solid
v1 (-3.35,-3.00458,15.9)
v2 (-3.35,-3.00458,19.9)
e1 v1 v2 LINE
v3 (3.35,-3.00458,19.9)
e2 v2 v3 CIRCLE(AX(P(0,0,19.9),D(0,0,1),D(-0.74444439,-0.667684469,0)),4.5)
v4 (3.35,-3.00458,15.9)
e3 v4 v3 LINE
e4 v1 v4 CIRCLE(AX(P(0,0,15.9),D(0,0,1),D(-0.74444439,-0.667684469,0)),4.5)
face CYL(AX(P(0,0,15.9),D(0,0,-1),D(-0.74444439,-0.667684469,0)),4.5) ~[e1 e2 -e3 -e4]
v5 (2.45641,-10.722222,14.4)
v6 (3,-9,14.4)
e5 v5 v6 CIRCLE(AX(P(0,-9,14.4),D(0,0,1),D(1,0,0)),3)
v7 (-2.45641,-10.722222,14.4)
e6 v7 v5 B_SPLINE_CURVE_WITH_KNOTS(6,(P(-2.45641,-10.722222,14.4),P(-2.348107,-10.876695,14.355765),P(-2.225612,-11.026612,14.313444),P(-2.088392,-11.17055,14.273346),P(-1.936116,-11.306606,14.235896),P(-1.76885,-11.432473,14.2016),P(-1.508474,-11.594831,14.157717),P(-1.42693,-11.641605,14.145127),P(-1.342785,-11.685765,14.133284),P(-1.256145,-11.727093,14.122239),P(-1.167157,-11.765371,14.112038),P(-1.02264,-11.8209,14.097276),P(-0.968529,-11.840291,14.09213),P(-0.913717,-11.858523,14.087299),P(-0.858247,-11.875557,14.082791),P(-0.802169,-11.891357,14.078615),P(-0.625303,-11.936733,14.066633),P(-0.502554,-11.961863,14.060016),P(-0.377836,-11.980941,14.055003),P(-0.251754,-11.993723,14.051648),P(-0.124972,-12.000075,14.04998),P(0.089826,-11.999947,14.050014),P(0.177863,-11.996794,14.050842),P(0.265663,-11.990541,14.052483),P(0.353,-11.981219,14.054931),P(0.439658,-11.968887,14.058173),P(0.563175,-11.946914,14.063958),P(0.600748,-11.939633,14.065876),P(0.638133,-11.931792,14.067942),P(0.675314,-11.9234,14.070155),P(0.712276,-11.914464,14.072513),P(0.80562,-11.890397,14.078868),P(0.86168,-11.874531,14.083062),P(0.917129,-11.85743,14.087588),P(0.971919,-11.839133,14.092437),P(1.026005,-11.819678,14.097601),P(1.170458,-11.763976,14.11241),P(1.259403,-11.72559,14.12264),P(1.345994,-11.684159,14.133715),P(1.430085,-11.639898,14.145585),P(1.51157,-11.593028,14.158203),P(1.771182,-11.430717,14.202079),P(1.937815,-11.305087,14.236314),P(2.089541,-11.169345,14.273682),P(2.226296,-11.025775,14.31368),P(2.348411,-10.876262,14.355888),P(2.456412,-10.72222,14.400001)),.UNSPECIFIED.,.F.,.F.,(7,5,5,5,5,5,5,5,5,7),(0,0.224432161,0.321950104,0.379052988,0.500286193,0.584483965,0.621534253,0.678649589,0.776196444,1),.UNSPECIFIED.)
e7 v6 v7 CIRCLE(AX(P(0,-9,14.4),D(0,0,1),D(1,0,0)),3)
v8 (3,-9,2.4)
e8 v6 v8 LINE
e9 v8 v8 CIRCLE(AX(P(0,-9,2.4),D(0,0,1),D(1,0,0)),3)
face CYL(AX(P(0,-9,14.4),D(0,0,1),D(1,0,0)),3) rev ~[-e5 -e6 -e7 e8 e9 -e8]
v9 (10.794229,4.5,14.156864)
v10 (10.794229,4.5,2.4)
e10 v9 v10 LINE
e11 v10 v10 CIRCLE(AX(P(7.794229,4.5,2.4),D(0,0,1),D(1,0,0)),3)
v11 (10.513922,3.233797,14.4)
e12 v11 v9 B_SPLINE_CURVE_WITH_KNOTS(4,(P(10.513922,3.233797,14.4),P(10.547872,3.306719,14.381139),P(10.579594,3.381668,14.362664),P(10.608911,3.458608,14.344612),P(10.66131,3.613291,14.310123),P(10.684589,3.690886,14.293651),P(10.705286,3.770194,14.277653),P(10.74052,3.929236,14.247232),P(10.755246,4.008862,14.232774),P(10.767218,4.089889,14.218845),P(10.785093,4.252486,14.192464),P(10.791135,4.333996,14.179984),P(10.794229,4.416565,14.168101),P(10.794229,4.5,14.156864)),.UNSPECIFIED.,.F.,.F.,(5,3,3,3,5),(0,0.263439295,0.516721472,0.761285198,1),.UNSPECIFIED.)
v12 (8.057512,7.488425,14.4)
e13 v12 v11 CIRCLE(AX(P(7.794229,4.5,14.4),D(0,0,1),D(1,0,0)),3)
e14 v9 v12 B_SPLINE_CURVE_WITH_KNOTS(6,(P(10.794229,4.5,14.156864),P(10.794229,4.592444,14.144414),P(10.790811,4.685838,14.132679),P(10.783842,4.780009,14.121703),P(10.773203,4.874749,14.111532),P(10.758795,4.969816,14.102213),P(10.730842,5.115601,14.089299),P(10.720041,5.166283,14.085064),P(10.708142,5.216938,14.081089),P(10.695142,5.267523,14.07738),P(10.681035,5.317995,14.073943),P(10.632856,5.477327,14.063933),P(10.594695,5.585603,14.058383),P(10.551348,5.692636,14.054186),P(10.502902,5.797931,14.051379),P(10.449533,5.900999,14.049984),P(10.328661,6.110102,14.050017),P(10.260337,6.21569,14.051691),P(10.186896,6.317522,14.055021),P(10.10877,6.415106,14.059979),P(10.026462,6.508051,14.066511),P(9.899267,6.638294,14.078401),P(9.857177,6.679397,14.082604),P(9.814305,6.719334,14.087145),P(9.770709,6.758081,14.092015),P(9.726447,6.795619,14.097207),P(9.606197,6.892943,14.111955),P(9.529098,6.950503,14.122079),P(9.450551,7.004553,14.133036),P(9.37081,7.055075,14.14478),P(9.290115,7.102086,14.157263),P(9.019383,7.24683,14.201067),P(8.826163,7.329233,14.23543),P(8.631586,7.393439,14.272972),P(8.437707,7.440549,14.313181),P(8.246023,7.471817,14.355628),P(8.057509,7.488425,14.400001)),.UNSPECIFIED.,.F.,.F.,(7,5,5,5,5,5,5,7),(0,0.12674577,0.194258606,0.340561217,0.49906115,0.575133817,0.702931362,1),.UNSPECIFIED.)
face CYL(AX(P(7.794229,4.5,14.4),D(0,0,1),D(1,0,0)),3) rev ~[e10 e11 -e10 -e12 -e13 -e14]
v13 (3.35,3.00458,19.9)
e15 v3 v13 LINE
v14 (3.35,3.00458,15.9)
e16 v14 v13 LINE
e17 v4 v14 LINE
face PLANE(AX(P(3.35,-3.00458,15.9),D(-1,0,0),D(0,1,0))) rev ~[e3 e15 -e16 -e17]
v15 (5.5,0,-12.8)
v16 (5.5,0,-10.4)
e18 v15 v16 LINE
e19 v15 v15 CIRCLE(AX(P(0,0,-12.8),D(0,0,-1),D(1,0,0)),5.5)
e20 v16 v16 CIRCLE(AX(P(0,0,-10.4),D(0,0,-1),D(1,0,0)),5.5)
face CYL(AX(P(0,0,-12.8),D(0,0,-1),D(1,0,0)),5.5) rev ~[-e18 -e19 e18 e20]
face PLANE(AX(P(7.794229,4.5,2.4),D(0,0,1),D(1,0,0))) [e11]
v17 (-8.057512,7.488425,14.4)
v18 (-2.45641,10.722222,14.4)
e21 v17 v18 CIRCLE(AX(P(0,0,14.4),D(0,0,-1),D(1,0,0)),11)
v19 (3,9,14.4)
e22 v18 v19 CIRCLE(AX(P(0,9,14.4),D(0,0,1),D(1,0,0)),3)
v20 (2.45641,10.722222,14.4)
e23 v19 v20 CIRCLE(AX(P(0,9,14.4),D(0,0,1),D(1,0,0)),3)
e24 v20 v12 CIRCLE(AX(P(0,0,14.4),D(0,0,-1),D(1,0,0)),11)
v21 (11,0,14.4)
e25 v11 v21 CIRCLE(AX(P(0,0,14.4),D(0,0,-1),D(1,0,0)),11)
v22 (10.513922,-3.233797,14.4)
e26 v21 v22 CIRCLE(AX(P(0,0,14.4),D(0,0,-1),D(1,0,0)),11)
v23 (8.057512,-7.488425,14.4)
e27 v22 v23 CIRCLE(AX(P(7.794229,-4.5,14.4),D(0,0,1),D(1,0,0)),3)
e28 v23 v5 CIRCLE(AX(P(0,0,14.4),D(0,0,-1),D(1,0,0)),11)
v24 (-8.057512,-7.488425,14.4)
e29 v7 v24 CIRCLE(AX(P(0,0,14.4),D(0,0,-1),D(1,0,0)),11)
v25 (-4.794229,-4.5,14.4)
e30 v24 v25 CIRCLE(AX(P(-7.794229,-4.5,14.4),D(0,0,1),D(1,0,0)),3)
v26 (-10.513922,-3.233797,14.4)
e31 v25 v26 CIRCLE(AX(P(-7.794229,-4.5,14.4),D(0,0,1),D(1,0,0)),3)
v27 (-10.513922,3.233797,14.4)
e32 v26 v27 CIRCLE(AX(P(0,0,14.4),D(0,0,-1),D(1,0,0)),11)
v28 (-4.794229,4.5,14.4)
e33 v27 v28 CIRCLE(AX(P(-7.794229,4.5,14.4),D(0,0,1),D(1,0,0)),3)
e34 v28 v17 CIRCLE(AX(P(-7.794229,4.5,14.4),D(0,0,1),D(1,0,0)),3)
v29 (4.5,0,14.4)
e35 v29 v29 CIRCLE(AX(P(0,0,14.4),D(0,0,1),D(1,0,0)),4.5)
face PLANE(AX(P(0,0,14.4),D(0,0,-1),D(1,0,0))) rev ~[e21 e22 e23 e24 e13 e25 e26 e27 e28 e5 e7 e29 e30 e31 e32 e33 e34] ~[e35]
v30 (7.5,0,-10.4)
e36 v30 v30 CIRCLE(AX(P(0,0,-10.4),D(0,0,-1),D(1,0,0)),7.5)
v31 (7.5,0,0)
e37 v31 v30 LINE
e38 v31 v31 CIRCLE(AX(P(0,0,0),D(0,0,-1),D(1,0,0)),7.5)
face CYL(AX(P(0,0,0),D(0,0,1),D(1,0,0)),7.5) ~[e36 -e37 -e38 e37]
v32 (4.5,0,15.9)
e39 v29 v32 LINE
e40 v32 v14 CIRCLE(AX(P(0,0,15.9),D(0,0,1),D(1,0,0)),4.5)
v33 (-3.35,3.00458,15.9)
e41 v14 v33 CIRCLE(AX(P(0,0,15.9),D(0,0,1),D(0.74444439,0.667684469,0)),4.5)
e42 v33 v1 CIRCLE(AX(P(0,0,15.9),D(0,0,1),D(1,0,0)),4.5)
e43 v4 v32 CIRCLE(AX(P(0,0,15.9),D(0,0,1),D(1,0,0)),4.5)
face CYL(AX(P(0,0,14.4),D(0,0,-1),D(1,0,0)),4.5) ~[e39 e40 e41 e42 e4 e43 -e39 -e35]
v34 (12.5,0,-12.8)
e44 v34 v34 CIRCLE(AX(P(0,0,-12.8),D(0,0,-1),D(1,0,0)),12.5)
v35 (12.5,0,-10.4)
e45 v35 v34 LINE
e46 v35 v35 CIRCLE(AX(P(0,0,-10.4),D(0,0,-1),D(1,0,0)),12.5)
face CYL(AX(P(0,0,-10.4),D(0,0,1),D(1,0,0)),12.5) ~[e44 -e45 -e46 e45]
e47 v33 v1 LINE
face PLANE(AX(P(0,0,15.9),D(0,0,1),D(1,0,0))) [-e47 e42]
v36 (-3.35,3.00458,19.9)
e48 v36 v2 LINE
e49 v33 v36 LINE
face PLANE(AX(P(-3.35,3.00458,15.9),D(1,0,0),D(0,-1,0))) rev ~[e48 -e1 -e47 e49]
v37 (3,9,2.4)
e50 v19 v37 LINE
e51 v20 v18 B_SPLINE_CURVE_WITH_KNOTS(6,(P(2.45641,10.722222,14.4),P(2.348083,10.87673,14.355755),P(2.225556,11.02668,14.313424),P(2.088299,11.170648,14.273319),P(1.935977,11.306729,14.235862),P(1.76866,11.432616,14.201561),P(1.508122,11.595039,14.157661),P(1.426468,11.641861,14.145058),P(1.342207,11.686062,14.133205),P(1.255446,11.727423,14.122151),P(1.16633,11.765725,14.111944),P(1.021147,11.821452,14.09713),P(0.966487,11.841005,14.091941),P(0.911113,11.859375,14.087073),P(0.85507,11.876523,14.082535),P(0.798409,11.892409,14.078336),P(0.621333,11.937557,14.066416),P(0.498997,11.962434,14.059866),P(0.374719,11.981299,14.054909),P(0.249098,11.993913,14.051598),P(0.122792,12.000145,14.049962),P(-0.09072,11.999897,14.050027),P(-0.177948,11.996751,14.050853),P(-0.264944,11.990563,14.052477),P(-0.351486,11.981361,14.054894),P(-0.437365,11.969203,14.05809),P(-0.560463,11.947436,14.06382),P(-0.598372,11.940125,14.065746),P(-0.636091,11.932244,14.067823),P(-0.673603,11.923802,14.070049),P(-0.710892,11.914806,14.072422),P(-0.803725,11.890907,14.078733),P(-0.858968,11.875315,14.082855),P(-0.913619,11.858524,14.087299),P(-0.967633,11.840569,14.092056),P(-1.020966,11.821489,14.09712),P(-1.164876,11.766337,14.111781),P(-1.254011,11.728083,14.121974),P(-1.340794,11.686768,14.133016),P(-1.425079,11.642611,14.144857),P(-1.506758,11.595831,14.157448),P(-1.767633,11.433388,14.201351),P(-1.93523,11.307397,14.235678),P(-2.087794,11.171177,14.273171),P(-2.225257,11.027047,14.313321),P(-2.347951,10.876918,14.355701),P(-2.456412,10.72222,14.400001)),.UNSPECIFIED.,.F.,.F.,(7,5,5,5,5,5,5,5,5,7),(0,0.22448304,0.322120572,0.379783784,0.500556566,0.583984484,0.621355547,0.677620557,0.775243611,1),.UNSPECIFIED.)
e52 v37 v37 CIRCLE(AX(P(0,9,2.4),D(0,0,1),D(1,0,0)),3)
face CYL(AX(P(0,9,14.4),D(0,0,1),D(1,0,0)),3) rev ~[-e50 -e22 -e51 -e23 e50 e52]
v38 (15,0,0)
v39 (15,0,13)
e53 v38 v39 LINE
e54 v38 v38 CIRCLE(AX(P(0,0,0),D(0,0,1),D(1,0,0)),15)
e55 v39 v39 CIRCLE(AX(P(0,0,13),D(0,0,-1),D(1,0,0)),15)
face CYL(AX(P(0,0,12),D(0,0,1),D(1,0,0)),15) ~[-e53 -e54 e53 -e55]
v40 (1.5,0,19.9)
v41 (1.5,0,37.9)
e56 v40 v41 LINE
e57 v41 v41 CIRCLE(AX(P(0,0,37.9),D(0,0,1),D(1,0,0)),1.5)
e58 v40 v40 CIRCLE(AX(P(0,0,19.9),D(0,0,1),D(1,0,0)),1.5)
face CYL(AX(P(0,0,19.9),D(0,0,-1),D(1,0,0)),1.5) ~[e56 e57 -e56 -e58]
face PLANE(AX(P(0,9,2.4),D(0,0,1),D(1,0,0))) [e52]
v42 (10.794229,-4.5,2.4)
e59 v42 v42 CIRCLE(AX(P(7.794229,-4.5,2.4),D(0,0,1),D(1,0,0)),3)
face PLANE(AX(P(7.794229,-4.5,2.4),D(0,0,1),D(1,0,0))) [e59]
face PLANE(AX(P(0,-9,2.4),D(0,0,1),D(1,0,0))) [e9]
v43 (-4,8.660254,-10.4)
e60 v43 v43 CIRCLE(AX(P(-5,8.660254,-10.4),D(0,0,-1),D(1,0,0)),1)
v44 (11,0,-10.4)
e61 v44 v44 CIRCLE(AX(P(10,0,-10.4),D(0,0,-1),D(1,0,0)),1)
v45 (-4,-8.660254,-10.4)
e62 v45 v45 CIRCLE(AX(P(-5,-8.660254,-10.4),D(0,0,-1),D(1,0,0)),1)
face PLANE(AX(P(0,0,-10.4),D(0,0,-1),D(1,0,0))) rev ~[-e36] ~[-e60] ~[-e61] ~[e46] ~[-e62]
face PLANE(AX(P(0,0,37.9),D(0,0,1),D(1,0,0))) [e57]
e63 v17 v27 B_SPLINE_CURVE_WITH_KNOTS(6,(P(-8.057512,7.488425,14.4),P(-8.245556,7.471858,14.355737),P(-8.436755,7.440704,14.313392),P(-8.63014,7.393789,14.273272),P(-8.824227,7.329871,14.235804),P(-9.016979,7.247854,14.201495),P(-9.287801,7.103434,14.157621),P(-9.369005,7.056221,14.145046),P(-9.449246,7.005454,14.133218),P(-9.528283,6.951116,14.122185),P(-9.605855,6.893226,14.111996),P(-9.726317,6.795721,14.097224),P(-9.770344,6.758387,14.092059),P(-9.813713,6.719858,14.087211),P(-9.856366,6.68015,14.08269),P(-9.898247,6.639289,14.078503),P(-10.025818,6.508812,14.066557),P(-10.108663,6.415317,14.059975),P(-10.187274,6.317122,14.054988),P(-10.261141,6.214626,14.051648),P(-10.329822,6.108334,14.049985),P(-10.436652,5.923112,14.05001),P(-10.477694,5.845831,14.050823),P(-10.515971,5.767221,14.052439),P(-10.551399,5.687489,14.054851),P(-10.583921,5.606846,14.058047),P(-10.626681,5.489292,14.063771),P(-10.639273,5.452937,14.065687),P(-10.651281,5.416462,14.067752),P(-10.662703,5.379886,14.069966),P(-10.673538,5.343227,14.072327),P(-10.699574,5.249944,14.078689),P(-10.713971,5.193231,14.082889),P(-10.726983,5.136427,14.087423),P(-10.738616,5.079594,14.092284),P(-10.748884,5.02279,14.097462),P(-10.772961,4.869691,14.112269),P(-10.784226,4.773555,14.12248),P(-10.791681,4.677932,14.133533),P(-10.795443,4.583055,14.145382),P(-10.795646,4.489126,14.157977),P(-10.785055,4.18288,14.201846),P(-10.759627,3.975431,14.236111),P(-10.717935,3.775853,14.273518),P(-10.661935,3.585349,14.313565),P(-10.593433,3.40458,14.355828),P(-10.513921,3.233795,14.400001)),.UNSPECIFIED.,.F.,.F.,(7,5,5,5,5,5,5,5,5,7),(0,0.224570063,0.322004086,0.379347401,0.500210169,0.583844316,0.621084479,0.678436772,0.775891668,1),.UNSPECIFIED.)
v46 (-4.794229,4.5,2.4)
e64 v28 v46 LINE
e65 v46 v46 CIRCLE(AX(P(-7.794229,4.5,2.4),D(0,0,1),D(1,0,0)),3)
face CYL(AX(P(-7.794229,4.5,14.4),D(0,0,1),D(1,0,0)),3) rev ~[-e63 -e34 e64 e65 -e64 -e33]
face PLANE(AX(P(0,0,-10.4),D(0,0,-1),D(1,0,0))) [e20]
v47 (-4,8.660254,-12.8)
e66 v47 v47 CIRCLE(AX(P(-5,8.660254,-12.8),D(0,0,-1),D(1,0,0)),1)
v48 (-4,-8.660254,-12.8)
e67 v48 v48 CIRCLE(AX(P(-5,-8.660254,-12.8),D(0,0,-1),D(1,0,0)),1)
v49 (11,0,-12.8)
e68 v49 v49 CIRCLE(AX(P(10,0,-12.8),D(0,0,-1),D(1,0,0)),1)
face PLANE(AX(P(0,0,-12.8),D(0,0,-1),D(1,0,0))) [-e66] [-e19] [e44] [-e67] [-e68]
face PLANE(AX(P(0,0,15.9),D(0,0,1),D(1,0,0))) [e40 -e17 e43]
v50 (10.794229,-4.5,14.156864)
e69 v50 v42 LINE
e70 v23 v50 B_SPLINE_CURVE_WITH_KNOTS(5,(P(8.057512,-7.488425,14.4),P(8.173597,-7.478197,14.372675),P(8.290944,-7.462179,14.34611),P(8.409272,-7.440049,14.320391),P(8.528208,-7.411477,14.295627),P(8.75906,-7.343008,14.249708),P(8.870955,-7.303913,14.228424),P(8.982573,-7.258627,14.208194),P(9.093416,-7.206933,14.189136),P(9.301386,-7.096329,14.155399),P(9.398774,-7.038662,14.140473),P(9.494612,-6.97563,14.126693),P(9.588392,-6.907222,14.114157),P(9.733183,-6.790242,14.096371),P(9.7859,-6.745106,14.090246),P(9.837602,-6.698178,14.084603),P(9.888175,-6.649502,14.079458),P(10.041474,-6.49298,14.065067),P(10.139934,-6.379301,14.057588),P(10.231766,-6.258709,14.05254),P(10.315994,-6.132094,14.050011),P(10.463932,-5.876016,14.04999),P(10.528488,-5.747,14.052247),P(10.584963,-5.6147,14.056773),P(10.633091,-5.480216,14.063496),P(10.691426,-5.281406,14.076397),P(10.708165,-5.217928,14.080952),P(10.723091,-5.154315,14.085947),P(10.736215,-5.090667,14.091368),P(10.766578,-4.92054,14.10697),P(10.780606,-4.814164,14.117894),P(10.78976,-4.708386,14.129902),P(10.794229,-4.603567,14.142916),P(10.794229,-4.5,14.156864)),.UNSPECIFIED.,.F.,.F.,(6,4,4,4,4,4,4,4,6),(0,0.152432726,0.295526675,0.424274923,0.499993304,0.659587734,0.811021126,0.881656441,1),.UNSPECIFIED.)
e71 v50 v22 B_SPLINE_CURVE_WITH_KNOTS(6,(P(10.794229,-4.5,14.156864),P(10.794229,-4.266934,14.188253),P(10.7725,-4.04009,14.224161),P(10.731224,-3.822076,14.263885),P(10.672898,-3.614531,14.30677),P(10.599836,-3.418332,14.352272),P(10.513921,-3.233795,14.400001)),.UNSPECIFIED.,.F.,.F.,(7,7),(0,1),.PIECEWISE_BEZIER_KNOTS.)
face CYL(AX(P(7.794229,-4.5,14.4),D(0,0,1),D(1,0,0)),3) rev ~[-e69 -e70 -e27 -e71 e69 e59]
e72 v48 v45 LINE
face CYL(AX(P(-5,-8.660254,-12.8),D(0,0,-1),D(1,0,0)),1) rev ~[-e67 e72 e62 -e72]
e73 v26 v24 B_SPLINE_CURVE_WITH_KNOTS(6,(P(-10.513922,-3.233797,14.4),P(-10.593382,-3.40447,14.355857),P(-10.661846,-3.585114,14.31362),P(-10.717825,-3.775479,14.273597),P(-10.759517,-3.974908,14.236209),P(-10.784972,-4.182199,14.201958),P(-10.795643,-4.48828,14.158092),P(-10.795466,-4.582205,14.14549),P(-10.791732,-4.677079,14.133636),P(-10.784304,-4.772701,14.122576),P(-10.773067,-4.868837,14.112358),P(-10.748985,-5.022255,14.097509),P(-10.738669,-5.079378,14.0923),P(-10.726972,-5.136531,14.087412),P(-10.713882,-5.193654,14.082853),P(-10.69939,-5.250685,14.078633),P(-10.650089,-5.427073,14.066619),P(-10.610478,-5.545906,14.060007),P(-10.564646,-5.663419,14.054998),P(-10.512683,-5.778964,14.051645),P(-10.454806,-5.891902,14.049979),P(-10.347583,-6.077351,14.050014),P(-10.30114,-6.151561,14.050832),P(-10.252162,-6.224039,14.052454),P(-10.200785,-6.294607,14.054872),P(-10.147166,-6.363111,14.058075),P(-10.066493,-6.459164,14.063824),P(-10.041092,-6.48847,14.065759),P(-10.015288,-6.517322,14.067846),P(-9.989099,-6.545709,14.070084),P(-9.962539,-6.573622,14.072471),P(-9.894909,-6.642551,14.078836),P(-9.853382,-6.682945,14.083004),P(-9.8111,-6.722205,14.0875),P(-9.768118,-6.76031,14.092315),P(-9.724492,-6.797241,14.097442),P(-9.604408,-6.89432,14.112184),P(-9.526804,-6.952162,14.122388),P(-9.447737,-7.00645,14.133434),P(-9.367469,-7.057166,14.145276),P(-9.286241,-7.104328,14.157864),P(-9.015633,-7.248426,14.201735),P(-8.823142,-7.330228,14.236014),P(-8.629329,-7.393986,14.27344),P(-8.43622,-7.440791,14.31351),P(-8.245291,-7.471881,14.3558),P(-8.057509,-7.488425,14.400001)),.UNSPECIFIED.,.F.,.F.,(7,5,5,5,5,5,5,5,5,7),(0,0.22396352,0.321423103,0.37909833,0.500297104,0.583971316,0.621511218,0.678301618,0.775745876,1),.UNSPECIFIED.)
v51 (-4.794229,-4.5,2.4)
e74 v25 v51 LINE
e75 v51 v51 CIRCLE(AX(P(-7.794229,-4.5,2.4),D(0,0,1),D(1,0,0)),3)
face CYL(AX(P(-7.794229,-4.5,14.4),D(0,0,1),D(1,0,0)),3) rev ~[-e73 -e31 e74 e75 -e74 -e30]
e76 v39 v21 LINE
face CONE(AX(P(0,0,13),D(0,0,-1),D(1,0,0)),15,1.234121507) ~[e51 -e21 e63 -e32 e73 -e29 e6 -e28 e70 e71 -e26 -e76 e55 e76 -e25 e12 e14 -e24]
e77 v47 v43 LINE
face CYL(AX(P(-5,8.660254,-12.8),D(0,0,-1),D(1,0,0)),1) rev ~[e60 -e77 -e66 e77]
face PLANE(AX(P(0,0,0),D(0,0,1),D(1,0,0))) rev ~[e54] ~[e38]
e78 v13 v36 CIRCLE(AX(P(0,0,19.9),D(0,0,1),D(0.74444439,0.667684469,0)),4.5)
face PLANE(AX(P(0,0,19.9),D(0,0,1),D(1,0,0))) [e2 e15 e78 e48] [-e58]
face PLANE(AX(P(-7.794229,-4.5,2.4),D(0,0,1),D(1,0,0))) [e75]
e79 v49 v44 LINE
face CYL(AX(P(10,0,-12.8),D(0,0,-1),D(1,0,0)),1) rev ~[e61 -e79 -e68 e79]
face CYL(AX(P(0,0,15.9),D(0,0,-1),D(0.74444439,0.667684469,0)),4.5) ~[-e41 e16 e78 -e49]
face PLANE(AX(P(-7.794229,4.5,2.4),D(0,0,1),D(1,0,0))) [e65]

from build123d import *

# Parameters (mm, degrees)
F0_R      = 15
F1_DEPTH  = 12
F4_R      = 3
F5_DEPTH  = 12
F6_R      = 4.5
F7_DEPTH  = 1.5
F9_DEPTH  = 4
F10_R     = 1.5
F11_DEPTH = 18
F12_R     = 7.5
F13_DEPTH = 10.4
F14_R     = 12.5
F15_DEPTH = 2.4
F16_R     = 5.5
F16_R_2   = 1
F17_DEPTH = 2.4


with BuildPart() as f1:
    # F0 (on Top) → F1 (new body)
    with BuildSketch(Plane.XY):
        Circle(F0_R)
    extrude(amount=F1_DEPTH)

    # F2 (on Front) → F3 (revolve)
    with BuildSketch(Plane.XZ):
        Polygon((11, 14.4), (0, 14.4), (0, 12), (15, 12), (15, 13), align=None)
    revolve(axis=Axis((0, 0, 13.2), (0, 0, -1)))

    # F4 (on face) → F5 (cut)
    with BuildSketch(Plane.XY.offset(14.4)):
        with Locations((0, 9)):
            Circle(F4_R)
        with Locations((-7.794229, 4.5)):
            Circle(F4_R)
        with Locations((-7.794229, -4.5)):
            Circle(F4_R)
        with Locations((0, -9)):
            Circle(F4_R)
        with Locations((7.794229, -4.5)):
            Circle(F4_R)
        with Locations((7.794229, 4.5)):
            Circle(F4_R)
    extrude(amount=-F5_DEPTH, mode=Mode.SUBTRACT)

    # F6 (on face) → F7 (join)
    with BuildSketch(Plane.XY.offset(14.4)):
        Circle(F6_R)
    extrude(amount=F7_DEPTH)

    # F8 (on face) → F9 (join)
    with BuildSketch(Plane.XY.offset(15.9)):
        with BuildLine():
            Line((3.35, -3.00458), (3.35, 3.00458))
            ThreePointArc((3.35, 3.00458), (0, 4.5), (-3.35, 3.00458))
            Line((-3.35, 3.00458), (-3.35, -3.00458))
            ThreePointArc((-3.35, -3.00458), (0, -4.5), (3.35, -3.00458))
        make_face()
    extrude(amount=F9_DEPTH)

    # F10 (on face) → F11 (join)
    with BuildSketch(Plane.XY.offset(19.9)):
        Circle(F10_R)
    extrude(amount=F11_DEPTH)

    # F12 (on face) → F13 (join)
    with BuildSketch(Plane(origin=(0, 0, 0), x_dir=(1, 0, 0), z_dir=(0, 0, -1))):
        Circle(F12_R)
    extrude(amount=F13_DEPTH)

    # F14 (on face) → F15 (join)
    with BuildSketch(Plane(origin=(0, 0, -10.4), x_dir=(1, 0, 0), z_dir=(0, 0, -1))):
        Circle(F14_R)
    extrude(amount=F15_DEPTH)

    # F16 (on face) → F17 (cut)
    with BuildSketch(Plane(origin=(0, 0, -12.8), x_dir=(1, 0, 0), z_dir=(0, 0, -1))):
        Circle(F16_R)
        with Locations((10, 0)):
            Circle(F16_R_2)
        with Locations((-5, 8.660254)):
            Circle(F16_R_2)
        with Locations((-5, -8.660254)):
            Circle(F16_R_2)
    extrude(amount=-F17_DEPTH, mode=Mode.SUBTRACT)


solid = f1.part
